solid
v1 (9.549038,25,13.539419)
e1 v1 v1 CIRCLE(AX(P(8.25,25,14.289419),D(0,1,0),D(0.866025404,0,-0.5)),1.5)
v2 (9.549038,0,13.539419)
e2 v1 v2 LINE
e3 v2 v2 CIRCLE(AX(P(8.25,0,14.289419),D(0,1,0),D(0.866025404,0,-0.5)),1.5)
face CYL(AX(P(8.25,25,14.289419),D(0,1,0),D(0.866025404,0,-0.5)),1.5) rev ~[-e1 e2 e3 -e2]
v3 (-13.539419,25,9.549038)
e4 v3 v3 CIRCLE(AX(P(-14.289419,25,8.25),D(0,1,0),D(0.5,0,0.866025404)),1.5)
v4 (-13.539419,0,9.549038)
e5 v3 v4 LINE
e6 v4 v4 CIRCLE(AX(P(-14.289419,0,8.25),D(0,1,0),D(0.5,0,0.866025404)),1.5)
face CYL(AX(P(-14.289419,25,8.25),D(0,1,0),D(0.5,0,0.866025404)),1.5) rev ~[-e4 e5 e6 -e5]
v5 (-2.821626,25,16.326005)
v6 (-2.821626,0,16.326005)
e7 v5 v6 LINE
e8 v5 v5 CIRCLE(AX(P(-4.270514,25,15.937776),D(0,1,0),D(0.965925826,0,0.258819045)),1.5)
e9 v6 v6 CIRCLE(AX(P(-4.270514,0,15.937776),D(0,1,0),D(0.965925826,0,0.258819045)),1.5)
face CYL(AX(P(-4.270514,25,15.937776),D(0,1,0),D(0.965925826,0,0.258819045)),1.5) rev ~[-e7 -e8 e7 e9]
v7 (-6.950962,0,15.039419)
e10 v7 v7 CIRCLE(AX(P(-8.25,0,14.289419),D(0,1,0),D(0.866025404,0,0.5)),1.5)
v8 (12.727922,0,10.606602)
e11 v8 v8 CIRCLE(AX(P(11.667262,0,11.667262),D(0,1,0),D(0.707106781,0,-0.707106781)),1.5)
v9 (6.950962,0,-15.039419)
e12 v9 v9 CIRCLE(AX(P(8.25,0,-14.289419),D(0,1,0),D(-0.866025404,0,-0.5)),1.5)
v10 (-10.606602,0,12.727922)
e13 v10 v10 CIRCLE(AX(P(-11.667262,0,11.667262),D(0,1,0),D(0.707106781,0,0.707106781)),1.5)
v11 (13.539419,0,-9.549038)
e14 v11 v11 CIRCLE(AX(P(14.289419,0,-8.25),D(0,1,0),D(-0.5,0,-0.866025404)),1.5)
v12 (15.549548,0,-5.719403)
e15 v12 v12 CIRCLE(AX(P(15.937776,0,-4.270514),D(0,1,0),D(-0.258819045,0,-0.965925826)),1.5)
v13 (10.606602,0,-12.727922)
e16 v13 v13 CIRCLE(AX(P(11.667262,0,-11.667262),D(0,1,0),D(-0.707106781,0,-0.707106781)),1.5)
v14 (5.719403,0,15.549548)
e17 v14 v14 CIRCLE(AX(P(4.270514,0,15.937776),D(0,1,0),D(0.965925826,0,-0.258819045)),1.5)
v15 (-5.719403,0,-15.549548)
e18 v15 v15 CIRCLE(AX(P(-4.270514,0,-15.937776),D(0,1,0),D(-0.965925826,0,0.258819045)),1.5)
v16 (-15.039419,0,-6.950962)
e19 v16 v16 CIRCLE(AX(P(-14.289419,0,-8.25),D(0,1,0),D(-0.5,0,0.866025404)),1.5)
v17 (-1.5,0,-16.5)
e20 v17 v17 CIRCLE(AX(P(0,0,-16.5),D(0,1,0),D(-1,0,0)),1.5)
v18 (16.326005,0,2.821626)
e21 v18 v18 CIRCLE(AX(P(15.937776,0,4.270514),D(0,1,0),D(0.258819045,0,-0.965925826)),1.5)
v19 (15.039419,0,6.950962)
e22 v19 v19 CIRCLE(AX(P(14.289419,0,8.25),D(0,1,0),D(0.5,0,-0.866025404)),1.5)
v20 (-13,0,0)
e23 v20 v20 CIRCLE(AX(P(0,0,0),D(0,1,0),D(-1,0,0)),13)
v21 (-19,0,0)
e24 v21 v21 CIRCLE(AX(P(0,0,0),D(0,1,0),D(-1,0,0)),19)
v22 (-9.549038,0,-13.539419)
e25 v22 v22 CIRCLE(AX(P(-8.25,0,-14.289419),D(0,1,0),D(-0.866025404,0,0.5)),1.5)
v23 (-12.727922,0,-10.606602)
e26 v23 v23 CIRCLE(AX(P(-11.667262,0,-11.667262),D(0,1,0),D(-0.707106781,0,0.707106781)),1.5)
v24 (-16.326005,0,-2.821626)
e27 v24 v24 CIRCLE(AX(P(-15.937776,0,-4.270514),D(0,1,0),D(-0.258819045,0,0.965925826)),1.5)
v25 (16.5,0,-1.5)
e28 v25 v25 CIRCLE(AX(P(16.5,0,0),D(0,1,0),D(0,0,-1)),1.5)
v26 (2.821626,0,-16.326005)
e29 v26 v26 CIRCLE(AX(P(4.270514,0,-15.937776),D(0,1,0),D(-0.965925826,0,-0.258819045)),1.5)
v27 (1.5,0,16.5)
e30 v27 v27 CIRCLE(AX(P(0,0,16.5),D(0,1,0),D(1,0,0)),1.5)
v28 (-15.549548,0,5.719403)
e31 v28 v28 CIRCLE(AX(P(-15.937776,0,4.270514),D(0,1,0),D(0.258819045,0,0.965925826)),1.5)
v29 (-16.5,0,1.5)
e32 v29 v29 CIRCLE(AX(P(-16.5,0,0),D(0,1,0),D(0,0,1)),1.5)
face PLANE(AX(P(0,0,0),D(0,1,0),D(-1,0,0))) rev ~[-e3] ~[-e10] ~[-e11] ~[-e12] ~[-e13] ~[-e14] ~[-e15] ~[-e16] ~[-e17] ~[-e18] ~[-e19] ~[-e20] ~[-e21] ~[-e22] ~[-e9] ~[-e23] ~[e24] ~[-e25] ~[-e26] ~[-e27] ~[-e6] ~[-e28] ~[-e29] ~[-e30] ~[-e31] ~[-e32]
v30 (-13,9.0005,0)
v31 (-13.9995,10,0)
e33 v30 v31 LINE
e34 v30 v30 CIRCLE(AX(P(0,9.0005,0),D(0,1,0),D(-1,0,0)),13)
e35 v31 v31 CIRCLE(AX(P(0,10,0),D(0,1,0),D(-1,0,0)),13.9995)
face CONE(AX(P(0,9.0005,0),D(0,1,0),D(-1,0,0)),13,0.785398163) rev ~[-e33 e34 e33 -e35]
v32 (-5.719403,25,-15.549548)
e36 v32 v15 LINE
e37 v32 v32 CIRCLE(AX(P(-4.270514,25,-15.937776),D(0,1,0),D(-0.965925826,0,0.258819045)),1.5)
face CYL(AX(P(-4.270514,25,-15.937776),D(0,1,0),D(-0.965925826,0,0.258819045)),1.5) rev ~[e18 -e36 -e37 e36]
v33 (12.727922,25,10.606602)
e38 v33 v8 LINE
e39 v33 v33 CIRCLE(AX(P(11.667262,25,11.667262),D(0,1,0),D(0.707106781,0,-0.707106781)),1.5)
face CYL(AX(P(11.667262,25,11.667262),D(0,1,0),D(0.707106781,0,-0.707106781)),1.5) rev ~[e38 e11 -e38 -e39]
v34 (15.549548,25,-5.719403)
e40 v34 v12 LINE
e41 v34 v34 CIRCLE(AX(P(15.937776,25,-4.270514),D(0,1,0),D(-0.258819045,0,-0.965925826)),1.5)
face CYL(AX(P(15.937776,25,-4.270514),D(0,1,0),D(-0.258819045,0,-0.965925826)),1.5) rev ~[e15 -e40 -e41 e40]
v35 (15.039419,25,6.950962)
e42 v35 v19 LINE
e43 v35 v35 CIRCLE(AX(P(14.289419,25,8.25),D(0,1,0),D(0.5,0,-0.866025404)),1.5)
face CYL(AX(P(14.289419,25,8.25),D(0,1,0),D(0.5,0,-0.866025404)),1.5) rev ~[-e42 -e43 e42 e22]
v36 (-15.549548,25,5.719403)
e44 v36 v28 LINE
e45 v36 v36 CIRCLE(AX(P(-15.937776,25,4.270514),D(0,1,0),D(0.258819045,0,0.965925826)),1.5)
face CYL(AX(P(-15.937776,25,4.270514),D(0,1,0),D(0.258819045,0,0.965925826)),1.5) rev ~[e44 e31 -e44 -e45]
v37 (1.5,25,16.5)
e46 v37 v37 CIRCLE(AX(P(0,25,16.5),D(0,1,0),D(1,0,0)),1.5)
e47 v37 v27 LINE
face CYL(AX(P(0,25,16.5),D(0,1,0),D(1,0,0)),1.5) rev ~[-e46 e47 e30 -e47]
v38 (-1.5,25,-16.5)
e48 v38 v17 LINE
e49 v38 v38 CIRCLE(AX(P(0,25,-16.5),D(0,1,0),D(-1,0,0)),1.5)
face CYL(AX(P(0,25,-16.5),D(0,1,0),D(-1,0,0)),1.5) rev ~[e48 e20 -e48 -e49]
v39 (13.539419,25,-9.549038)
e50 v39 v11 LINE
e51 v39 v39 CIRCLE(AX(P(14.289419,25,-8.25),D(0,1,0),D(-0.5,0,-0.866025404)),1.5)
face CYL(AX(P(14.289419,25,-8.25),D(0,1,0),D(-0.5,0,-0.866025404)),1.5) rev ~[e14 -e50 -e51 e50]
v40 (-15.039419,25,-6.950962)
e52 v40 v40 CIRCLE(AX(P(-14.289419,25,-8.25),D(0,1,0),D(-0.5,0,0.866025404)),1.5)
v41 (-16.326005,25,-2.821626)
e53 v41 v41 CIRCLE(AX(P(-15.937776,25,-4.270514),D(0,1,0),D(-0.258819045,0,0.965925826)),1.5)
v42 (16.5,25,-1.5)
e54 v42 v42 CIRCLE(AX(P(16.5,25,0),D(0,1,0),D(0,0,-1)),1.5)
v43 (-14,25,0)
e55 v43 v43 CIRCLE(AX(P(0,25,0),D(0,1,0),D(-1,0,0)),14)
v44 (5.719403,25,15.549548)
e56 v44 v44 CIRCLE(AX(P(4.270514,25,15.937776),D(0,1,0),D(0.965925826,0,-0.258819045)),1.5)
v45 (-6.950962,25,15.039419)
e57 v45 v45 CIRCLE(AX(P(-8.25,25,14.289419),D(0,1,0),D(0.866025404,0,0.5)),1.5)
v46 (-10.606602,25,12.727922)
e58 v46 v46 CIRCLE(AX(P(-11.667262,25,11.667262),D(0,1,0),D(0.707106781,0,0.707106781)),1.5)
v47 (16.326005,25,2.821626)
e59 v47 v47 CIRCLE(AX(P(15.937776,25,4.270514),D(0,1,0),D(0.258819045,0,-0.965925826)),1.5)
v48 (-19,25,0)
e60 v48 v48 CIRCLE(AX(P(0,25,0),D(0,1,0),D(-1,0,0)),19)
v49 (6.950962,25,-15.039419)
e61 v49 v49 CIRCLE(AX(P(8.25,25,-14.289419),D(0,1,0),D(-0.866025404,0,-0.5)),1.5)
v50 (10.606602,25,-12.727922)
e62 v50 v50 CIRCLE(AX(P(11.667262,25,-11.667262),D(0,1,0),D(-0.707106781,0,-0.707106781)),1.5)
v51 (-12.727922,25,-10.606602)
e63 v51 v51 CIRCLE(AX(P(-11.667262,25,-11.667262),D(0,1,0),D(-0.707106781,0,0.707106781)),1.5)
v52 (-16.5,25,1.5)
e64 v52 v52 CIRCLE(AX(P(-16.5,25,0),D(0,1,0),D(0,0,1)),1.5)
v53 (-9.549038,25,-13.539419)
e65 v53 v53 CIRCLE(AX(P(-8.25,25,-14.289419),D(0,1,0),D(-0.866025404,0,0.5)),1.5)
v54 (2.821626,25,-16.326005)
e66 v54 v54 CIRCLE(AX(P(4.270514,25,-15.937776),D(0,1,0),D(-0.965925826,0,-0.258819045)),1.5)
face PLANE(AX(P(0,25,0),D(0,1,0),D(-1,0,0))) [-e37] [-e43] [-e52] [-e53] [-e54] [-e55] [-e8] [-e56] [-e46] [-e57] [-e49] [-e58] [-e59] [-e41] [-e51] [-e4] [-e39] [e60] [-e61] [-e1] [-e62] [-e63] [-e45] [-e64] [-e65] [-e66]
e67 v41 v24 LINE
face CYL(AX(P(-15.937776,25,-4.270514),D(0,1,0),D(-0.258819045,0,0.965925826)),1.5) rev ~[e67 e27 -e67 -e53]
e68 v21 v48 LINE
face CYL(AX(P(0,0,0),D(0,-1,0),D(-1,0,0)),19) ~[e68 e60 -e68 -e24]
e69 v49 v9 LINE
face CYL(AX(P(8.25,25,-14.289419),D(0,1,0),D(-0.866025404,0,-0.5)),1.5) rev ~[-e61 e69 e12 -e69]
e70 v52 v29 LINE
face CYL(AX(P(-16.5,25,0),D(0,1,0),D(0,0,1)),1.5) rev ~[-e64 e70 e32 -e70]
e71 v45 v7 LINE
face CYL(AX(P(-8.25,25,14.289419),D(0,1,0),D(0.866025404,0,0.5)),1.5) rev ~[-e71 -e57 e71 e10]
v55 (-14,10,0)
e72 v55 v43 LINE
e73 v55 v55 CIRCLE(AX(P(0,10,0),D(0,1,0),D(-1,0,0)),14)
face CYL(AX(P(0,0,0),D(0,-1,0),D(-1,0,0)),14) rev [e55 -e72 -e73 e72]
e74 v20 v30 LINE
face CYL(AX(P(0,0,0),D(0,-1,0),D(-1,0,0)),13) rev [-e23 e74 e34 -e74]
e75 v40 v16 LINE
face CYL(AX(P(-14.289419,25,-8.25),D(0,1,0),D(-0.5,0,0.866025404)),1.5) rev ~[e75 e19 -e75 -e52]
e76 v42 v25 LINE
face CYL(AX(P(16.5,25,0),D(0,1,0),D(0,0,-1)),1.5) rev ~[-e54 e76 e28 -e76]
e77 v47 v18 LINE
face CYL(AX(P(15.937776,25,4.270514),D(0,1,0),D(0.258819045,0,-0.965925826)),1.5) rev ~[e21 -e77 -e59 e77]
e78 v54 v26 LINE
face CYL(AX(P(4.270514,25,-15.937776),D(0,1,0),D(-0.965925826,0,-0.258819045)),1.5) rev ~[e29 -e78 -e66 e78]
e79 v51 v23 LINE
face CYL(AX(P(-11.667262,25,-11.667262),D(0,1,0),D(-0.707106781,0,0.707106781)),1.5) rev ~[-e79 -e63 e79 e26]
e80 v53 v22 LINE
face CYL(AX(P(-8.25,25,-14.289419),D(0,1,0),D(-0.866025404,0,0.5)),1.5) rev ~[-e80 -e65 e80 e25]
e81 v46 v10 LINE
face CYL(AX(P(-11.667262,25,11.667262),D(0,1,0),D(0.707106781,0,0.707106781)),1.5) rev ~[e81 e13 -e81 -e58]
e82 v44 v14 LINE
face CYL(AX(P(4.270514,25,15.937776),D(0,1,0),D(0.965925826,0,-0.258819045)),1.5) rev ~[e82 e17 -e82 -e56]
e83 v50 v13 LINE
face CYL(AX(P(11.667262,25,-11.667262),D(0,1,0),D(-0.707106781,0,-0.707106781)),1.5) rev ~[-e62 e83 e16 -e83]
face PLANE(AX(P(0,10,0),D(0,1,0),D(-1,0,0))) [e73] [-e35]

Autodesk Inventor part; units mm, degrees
ref_plane "YZ Plane" through (0, 0, 0) normal (1, 0, 0) x (0, 1, 0)
ref_plane "XZ Plane" through (0, 0, 0) normal (0, 1, 0) x (-1, 0, 0)
ref_plane "XY Plane" through (0, 0, 0) normal (0, 0, 1) x (1, 0, 0)
sketch "Sketch1" plane through (0, 0, 0) normal (0, 1, 0) x (-1, 0, 0)
  circle A0 centre (0, 0) radius 19
  circle A1 centre (0, 0) radius 14
  dimension "d0" = 38
  dimension "d1" = 28
extrude "Extrusion1" add sketch "Sketch1" along normal blind 25
sketch "Sketch2" plane through (0, 25, 0) normal (0, 1, 0) x (1, 0, 0)
  circle A0 centre (0, -16.5) radius 1.5
  circle A1 centre (0, 0) radius 14 projected
  dimension "d4" = 3
  dimension "d5" = 16.5
extrude "Extrusion2" cut sketch "Sketch2" against normal blind 25 contours A0
pattern_circular "Circular Pattern1" count 24 over 360 about axis through (0, -10, 0) along (0, 1, 0) of "Extrusion2"
sketch "Sketch3" plane through (0, 0, 0) normal (0, 1, 0) x (-1, 0, 0)
  circle A0 centre (0, 0) radius 14
  circle A1 centre (0, 0) radius 13
  dimension "d11" = 26
extrude "Extrusion3" add sketch "Sketch3" along normal blind 10
chamfer "Chamfer1" distance 1 angle 45 1 edges at (13, 10, 0)
properties part number "Kolo"
